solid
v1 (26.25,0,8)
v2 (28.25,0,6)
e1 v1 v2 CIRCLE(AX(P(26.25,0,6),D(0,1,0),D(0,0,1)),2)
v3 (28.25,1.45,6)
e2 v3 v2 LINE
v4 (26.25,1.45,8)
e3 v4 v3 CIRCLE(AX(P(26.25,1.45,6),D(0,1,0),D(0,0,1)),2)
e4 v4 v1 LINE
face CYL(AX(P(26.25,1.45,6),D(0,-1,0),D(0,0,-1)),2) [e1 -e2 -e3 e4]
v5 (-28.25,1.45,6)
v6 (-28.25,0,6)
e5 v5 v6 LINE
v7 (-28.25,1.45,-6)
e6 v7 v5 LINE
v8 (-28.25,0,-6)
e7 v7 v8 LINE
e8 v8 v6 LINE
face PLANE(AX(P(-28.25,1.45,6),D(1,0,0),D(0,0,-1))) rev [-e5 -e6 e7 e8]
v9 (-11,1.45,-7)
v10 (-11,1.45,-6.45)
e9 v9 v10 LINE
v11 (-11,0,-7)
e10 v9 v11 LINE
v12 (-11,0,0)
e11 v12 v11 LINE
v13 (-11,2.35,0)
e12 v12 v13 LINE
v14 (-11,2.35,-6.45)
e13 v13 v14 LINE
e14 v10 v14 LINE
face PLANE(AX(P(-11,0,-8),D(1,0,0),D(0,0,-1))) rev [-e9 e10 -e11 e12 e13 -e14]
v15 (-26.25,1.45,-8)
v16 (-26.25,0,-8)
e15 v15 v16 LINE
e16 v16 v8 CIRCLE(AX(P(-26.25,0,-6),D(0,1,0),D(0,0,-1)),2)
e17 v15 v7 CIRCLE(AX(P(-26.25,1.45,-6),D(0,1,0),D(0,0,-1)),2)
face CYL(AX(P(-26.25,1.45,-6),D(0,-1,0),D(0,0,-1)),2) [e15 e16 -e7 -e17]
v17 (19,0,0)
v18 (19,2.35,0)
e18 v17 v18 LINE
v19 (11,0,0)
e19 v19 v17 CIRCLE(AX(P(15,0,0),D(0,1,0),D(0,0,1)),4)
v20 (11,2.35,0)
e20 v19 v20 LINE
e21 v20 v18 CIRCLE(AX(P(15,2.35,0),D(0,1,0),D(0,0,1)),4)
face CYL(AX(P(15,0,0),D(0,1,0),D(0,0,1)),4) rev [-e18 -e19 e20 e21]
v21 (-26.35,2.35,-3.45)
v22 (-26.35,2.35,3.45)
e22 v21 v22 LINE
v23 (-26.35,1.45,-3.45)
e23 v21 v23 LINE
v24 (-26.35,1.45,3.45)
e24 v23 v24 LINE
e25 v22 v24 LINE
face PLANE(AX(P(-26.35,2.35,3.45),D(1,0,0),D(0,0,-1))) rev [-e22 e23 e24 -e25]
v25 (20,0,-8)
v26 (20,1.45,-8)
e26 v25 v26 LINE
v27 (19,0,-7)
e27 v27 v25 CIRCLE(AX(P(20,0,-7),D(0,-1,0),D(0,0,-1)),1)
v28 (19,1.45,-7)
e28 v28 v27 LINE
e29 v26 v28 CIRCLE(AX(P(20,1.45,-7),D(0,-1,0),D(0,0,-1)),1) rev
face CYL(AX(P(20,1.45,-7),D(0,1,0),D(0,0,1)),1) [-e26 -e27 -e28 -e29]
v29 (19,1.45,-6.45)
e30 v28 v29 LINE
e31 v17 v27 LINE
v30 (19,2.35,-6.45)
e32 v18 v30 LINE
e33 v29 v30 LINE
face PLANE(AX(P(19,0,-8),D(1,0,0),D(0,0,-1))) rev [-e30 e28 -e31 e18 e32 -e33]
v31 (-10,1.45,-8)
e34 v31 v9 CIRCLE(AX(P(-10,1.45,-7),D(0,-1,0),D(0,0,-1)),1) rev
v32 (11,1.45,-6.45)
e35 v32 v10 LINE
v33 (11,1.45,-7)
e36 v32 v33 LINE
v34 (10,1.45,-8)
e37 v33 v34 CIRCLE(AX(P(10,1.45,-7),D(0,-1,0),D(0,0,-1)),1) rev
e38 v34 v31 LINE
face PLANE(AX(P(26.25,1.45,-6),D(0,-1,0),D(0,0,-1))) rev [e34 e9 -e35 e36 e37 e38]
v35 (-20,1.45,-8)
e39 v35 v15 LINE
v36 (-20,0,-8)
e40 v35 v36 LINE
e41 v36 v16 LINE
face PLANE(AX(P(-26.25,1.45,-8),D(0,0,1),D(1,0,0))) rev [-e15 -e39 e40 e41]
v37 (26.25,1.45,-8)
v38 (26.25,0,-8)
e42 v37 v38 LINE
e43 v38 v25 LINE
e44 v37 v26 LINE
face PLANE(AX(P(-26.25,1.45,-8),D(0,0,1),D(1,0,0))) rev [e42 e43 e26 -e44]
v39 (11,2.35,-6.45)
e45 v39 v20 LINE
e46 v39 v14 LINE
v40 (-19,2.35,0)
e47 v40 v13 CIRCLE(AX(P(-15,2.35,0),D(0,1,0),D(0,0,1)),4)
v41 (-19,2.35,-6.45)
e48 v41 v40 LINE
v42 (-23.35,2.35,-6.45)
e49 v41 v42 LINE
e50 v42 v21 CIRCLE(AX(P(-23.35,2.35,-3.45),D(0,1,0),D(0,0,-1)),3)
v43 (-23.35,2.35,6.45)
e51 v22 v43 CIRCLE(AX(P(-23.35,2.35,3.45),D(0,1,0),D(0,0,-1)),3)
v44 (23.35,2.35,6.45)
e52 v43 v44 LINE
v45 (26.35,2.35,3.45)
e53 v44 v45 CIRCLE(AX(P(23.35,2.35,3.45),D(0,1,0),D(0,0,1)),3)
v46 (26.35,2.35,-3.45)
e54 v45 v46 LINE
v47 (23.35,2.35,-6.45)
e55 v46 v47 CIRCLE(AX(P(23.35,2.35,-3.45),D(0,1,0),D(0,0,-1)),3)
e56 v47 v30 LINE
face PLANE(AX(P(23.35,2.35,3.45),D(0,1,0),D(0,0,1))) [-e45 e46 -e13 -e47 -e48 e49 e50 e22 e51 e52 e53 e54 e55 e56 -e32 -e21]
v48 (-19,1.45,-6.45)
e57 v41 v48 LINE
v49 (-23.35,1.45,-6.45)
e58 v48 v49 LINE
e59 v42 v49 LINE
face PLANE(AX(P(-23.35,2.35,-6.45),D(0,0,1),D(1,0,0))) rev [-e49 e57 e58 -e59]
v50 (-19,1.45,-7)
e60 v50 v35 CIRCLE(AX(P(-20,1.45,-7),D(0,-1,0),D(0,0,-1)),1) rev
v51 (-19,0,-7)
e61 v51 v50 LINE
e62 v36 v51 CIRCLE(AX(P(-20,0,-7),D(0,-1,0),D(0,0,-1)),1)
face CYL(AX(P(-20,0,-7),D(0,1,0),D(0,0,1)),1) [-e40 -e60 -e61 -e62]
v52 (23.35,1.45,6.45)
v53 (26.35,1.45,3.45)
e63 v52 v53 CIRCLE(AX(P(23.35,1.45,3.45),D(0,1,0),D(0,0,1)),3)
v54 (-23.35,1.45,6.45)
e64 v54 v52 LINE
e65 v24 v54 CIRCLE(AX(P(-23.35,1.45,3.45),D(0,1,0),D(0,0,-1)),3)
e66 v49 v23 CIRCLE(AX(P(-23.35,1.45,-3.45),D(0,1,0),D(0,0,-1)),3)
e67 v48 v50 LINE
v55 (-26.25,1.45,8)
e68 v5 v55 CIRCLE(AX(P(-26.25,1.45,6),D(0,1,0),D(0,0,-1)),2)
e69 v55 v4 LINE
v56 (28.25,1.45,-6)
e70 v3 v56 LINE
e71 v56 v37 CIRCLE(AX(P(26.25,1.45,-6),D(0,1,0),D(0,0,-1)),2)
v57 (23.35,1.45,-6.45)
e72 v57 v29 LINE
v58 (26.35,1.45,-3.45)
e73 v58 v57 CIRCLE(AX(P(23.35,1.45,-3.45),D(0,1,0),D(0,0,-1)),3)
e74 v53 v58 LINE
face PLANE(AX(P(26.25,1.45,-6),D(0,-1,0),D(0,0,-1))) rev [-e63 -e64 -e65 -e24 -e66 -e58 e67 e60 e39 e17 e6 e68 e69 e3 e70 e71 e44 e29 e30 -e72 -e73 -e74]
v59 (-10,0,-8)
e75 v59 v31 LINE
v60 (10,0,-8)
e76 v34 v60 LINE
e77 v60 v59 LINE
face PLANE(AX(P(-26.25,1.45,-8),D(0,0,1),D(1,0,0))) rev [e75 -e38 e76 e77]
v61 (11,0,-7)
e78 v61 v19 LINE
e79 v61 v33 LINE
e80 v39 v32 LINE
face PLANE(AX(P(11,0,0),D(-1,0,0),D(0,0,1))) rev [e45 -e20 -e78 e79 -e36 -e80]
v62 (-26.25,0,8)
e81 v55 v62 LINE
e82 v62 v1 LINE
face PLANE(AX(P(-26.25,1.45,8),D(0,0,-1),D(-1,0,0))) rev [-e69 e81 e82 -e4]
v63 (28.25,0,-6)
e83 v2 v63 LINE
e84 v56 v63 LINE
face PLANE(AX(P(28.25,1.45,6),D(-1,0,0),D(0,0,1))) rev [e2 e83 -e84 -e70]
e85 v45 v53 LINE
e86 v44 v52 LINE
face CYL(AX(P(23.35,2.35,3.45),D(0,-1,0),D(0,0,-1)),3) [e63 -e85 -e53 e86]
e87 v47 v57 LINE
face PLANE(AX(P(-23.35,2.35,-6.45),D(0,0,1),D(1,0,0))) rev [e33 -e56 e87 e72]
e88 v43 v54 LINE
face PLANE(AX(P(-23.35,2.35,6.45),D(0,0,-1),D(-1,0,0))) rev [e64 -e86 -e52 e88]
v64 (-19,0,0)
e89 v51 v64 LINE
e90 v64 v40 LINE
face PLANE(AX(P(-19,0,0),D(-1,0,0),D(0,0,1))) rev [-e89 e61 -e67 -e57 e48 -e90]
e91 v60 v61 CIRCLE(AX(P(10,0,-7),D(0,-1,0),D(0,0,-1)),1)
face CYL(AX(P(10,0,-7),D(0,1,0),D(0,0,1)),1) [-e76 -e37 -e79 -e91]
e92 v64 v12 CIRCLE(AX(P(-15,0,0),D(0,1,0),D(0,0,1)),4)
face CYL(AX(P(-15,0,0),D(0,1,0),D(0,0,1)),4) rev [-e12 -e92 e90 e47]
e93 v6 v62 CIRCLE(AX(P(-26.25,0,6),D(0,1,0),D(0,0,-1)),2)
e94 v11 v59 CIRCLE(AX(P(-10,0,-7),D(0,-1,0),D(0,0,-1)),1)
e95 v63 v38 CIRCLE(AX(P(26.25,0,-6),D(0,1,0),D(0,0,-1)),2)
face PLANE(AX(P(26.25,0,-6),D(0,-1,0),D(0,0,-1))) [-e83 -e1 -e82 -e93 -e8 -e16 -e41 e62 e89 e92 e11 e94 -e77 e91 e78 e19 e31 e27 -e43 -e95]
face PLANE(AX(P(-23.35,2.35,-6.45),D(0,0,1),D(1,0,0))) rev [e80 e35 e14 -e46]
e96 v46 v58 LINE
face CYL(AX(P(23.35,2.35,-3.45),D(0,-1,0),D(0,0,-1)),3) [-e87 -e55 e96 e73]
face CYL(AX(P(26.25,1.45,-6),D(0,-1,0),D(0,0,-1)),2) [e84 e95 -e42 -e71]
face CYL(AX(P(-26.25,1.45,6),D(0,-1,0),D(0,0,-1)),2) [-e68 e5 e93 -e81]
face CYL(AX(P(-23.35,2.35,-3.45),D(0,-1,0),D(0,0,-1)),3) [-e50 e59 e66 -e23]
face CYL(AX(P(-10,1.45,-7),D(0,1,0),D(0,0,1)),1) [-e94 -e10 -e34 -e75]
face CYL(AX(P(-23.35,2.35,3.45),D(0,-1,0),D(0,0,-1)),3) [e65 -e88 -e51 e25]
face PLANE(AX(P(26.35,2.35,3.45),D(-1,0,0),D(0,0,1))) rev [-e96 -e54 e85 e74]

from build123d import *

# Parameters (mm, degrees)
BOSS_EXTRUDE1_DEPTH = 1.45
BOSS_EXTRUDE2_DEPTH = 0.9
CUT_EXTRUDE1_DEPTH  = 30.454795874
FILLET1_R           = 1


with BuildPart() as part:
    # Sketch1 → Boss-Extrude1 (new body)
    with BuildSketch(Plane(origin=(0, 0, 0), x_dir=(1, 0, 0), z_dir=(0, 1, 0))):
        with BuildLine():
            Line((-26.25, -8), (26.25, -8))
            ThreePointArc((26.25, -8), (27.664213562, -7.414213562), (28.25, -6))
            Line((28.25, -6), (28.25, 6))
            ThreePointArc((28.25, 6), (27.664213562, 7.414213562), (26.25, 8))
            Line((26.25, 8), (-26.25, 8))
            ThreePointArc((-26.25, 8), (-27.664213562, 7.414213562), (-28.25, 6))
            Line((-28.25, 6), (-28.25, -6))
            ThreePointArc((-28.25, -6), (-27.664213562, -7.414213562), (-26.25, -8))
        make_face()
    extrude(amount=BOSS_EXTRUDE1_DEPTH)

    # Sketch2 → Boss-Extrude2 (add)
    with BuildSketch(Plane(origin=(0, 1.45, 0), x_dir=(1, 0, 0), z_dir=(0, 1, 0))):
        with BuildLine():
            Line((-23.35, -6.45), (23.35, -6.45))
            ThreePointArc((23.35, -6.45), (25.471320344, -5.571320344), (26.35, -3.45))
            Line((26.35, -3.45), (26.35, 3.45))
            ThreePointArc((26.35, 3.45), (25.471320344, 5.571320344), (23.35, 6.45))
            Line((23.35, 6.45), (-23.35, 6.45))
            ThreePointArc((-23.35, 6.45), (-25.471320344, 5.571320344), (-26.35, 3.45))
            Line((-26.35, 3.45), (-26.35, -3.45))
            ThreePointArc((-26.35, -3.45), (-25.471320344, -5.571320344), (-23.35, -6.45))
        make_face()
    extrude(amount=BOSS_EXTRUDE2_DEPTH)

    # Sketch3 → Cut-Extrude1 (cut, through all)
    with BuildSketch(Plane(origin=(0, 2.35, 0), x_dir=(1, 0, 0), z_dir=(0, 1, 0))):
        with BuildLine():
            Line((-19, 0), (-19, 8))
            Line((-19, 8), (-11, 8))
            Line((-11, 8), (-11, 0))
            ThreePointArc((-11, 0), (-15, -4), (-19, 0))
        make_face()
        with BuildLine():
            Line((11, 0), (11, 8))
            Line((11, 8), (19, 8))
            Line((19, 8), (19, 0))
            ThreePointArc((19, 0), (15, -4), (11, 0))
        make_face()
    extrude(amount=-CUT_EXTRUDE1_DEPTH, mode=Mode.SUBTRACT)

    # Fillet1
    fillet1_edges = [part.edges().sort_by_distance(p)[0] for p in [
        (11, 0.725, -8),
        (19, 0.725, -8),
        (-19, 0.725, -8),
        (-11, 0.725, -8),
    ]]
    fillet(fillet1_edges, radius=FILLET1_R)


solid = part.part
